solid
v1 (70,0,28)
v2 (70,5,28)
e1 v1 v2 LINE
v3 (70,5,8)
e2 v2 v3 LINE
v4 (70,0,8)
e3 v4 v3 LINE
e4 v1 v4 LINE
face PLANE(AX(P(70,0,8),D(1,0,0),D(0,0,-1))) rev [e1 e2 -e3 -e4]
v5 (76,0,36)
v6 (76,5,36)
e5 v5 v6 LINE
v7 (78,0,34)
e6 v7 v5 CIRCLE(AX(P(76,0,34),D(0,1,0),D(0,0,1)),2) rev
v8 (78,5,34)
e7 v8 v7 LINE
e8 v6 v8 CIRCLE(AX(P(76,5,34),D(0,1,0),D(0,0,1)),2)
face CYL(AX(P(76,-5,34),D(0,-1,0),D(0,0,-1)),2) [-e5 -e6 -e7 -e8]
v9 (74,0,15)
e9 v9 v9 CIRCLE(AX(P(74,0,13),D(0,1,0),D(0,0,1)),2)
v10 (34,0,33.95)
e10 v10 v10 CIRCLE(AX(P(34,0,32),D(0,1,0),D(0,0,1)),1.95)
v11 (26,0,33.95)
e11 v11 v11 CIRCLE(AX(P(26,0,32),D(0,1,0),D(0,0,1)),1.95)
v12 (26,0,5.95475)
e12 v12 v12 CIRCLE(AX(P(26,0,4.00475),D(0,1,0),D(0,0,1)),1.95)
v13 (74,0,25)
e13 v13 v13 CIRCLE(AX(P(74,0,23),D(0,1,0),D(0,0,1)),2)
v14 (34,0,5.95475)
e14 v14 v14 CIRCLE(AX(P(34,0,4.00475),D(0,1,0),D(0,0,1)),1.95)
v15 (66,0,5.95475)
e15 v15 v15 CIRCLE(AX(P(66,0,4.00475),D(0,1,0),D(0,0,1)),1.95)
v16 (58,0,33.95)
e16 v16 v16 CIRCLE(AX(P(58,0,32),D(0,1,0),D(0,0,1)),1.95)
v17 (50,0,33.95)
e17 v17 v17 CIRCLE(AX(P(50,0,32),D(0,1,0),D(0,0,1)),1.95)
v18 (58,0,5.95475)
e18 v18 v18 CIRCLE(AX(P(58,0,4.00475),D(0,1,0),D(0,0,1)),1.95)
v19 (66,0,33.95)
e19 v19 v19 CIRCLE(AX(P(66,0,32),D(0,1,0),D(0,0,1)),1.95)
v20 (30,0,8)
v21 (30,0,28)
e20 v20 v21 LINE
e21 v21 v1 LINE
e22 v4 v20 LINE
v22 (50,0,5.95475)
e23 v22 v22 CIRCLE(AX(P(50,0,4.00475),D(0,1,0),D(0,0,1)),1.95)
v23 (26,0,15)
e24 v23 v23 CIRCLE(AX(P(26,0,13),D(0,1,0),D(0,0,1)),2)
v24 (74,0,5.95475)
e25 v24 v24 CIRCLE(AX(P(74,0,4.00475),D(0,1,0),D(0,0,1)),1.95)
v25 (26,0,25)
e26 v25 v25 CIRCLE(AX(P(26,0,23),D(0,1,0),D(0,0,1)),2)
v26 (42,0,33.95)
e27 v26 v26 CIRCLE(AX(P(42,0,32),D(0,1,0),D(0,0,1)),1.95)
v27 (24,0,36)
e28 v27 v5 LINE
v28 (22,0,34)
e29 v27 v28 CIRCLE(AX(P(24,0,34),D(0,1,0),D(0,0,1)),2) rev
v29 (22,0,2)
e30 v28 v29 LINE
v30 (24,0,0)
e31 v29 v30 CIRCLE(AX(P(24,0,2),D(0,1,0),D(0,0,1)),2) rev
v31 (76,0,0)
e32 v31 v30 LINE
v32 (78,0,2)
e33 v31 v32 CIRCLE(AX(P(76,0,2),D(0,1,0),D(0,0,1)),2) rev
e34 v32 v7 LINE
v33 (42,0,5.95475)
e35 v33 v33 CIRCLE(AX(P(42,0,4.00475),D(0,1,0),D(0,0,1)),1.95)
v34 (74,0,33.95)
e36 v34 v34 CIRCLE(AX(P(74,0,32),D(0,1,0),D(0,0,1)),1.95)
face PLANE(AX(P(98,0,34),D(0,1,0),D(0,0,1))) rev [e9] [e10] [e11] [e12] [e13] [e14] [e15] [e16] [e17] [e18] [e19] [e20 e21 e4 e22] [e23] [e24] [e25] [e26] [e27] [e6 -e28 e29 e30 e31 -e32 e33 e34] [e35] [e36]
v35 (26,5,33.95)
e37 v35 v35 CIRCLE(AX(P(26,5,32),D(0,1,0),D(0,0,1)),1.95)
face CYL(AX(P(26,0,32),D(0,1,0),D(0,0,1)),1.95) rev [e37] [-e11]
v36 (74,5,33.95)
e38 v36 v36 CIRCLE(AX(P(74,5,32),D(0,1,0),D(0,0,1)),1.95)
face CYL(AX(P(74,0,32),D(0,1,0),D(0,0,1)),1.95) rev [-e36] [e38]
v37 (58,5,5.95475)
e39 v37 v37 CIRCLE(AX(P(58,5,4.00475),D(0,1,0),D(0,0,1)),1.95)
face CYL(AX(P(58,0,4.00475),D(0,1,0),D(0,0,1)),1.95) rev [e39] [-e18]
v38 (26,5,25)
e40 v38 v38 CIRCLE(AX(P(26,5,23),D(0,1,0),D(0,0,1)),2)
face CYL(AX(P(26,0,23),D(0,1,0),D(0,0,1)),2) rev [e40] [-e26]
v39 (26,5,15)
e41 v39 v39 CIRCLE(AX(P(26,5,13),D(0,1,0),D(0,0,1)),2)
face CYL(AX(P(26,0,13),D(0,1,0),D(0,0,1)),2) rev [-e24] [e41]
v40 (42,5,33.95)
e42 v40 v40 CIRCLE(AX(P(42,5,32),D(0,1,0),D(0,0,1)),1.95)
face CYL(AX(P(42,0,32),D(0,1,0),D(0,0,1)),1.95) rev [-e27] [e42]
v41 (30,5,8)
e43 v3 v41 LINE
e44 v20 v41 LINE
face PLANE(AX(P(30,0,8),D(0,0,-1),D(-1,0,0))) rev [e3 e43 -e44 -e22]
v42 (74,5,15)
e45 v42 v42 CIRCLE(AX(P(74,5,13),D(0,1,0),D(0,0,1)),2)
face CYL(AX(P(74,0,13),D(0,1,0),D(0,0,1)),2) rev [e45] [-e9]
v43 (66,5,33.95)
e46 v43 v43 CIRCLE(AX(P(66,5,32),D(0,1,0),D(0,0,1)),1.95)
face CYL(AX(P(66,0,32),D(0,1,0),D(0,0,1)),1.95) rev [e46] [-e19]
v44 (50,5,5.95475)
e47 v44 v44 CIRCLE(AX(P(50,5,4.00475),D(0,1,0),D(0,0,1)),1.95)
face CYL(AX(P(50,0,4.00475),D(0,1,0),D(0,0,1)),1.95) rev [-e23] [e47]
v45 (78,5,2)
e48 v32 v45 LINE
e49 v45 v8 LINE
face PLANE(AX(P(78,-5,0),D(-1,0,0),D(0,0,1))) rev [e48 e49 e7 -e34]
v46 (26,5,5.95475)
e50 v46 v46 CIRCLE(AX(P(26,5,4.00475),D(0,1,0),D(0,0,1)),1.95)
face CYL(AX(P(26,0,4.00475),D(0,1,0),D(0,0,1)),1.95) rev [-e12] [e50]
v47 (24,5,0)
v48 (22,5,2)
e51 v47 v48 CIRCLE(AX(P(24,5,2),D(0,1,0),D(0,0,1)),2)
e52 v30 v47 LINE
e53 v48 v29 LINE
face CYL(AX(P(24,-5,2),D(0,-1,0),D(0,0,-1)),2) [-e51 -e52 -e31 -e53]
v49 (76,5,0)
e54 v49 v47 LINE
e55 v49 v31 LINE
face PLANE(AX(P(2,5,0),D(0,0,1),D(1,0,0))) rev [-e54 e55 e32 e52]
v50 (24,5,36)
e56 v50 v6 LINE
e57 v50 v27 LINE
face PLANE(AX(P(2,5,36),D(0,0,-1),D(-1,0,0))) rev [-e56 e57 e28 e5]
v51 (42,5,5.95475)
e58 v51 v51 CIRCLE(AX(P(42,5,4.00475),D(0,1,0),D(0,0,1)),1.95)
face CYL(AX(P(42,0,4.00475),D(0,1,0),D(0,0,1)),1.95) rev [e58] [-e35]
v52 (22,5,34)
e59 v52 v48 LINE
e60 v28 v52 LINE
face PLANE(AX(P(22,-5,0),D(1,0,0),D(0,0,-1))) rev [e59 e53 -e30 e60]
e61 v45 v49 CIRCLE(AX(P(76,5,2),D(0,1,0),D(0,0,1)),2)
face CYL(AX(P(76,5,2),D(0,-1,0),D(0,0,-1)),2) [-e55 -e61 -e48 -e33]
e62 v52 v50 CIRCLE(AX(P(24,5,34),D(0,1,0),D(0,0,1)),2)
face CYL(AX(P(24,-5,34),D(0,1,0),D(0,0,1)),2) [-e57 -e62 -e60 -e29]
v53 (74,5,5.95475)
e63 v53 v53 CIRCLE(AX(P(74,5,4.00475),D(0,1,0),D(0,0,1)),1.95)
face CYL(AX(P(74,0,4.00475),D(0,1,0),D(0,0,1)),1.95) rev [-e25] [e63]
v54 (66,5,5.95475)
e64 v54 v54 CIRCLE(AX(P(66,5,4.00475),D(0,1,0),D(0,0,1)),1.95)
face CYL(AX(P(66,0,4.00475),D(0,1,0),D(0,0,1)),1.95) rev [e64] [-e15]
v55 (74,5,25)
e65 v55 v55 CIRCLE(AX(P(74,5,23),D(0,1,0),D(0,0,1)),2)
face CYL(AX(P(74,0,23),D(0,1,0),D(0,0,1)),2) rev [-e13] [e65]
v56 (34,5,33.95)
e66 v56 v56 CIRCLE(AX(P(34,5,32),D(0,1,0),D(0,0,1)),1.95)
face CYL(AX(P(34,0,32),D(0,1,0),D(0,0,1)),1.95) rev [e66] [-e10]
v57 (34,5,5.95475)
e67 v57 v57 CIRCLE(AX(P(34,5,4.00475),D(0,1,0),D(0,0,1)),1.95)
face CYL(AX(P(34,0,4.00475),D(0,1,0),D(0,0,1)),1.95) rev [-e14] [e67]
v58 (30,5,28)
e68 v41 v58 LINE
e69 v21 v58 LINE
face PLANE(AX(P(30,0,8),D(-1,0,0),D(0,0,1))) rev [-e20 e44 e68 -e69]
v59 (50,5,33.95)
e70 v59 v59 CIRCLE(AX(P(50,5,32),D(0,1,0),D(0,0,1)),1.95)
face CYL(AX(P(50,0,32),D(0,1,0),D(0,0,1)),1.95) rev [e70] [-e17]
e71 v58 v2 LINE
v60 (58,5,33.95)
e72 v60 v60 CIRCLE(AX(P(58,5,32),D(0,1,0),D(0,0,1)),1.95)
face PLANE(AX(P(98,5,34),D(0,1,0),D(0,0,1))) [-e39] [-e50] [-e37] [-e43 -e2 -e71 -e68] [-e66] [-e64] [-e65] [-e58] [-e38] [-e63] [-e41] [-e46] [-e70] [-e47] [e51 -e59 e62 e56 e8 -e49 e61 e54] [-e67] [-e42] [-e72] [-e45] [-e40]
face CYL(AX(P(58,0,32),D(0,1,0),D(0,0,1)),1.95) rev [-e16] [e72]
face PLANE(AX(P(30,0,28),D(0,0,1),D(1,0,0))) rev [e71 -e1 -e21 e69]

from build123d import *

# Parameters (mm, degrees)
BOSS_EXTRUDE1_DEPTH = 5
SKETCH2_R           = 1.95
SKETCH2_W           = 40
SKETCH2_H           = 20
CUT_EXTRUDE1_DEPTH  = 6
SKETCH4_W           = 22
SKETCH4_H           = 36
CUT_EXTRUDE2_DEPTH  = 10
FILLET1_R           = 2
FILLET2_R           = 2
FILLET3_R           = 2
FILLET4_R           = 2
SKETCH5_R           = 2
CUT_EXTRUDE3_DEPTH  = 6


with BuildPart() as part:
    # Sketch1 → Boss-Extrude1 (new body)
    with BuildSketch(Plane(origin=(0, 0, 0), x_dir=(1, 0, 0), z_dir=(0, 1, 0))):
        with BuildLine():
            Line((2, 0), (98, 0))
            ThreePointArc((98, 0), (99.414213562, -0.585786438), (100, -2))
            Line((100, -2), (100, -34))
            ThreePointArc((100, -34), (99.414213562, -35.414213562), (98, -36))
            Line((98, -36), (2, -36))
            ThreePointArc((2, -36), (0.585786438, -35.414213562), (0, -34))
            Line((0, -34), (0, -2))
            ThreePointArc((0, -2), (0.585786438, -0.585786438), (2, 0))
        make_face()
    extrude(amount=BOSS_EXTRUDE1_DEPTH)

    # Sketch2 → Cut-Extrude1 (cut, through all)
    with BuildSketch(Plane(origin=(0, 5, 0), x_dir=(1, 0, 0), z_dir=(0, 1, 0))):
        with Locations((90, -4.00475022)):
            Circle(SKETCH2_R)
        with Locations((82, -4.00475022)):
            Circle(SKETCH2_R)
        with Locations((18, -4.00475022)):
            Circle(SKETCH2_R)
        with Locations((26, -4.00475022)):
            Circle(SKETCH2_R)
        with Locations((34, -4.00475022)):
            Circle(SKETCH2_R)
        with Locations((42, -4.00475022)):
            Circle(SKETCH2_R)
        with Locations((50, -4.00475022)):
            Circle(SKETCH2_R)
        with Locations((58, -4.00475022)):
            Circle(SKETCH2_R)
        with Locations((66, -4.00475022)):
            Circle(SKETCH2_R)
        with Locations((74, -4.00475022)):
            Circle(SKETCH2_R)
        with Locations((90, -32)):
            Circle(SKETCH2_R)
        with Locations((82, -32)):
            Circle(SKETCH2_R)
        with Locations((18, -32)):
            Circle(SKETCH2_R)
        with Locations((26, -32)):
            Circle(SKETCH2_R)
        with Locations((34, -32)):
            Circle(SKETCH2_R)
        with Locations((42, -32)):
            Circle(SKETCH2_R)
        with Locations((50, -32)):
            Circle(SKETCH2_R)
        with Locations((58, -32)):
            Circle(SKETCH2_R)
        with Locations((66, -32)):
            Circle(SKETCH2_R)
        with Locations((74, -32)):
            Circle(SKETCH2_R)
        with Locations((50, -18)):
            Rectangle(SKETCH2_W, SKETCH2_H)
    extrude(amount=-CUT_EXTRUDE1_DEPTH, mode=Mode.SUBTRACT)

    # Sketch4 → Cut-Extrude2 (cut)
    with BuildSketch(Plane(origin=(0, 5, 0), x_dir=(1, 0, 0), z_dir=(0, 1, 0))):
        with Locations((89, -18)):
            Rectangle(SKETCH4_W, SKETCH4_H)
        with Locations((11, -18)):
            Rectangle(SKETCH4_W, SKETCH4_H)
    extrude(amount=-CUT_EXTRUDE2_DEPTH, mode=Mode.SUBTRACT)

    # Fillet1
    fillet1_edges = [part.edges().sort_by_distance(p)[0] for p in [
        (22, 2.5, 0),
    ]]
    fillet(fillet1_edges, radius=FILLET1_R)

    # Fillet2
    fillet2_edges = [part.edges().sort_by_distance(p)[0] for p in [
        (22, 2.5, 36),
    ]]
    fillet(fillet2_edges, radius=FILLET2_R)

    # Fillet3
    fillet3_edges = [part.edges().sort_by_distance(p)[0] for p in [
        (78, 2.5, 36),
    ]]
    fillet(fillet3_edges, radius=FILLET3_R)

    # Fillet4
    fillet4_edges = [part.edges().sort_by_distance(p)[0] for p in [
        (78, 2.5, 0),
    ]]
    fillet(fillet4_edges, radius=FILLET4_R)

    # Sketch5 → Cut-Extrude3 (cut, through all)
    with BuildSketch(Plane(origin=(0, 5, 0), x_dir=(1, 0, 0), z_dir=(0, 1, 0))):
        with Locations((74, -13)):
            Circle(SKETCH5_R)
        with Locations((74, -23)):
            Circle(SKETCH5_R)
        with Locations((26, -13)):
            Circle(SKETCH5_R)
        with Locations((26, -23)):
            Circle(SKETCH5_R)
    extrude(amount=-CUT_EXTRUDE3_DEPTH, mode=Mode.SUBTRACT)


solid = part.part
